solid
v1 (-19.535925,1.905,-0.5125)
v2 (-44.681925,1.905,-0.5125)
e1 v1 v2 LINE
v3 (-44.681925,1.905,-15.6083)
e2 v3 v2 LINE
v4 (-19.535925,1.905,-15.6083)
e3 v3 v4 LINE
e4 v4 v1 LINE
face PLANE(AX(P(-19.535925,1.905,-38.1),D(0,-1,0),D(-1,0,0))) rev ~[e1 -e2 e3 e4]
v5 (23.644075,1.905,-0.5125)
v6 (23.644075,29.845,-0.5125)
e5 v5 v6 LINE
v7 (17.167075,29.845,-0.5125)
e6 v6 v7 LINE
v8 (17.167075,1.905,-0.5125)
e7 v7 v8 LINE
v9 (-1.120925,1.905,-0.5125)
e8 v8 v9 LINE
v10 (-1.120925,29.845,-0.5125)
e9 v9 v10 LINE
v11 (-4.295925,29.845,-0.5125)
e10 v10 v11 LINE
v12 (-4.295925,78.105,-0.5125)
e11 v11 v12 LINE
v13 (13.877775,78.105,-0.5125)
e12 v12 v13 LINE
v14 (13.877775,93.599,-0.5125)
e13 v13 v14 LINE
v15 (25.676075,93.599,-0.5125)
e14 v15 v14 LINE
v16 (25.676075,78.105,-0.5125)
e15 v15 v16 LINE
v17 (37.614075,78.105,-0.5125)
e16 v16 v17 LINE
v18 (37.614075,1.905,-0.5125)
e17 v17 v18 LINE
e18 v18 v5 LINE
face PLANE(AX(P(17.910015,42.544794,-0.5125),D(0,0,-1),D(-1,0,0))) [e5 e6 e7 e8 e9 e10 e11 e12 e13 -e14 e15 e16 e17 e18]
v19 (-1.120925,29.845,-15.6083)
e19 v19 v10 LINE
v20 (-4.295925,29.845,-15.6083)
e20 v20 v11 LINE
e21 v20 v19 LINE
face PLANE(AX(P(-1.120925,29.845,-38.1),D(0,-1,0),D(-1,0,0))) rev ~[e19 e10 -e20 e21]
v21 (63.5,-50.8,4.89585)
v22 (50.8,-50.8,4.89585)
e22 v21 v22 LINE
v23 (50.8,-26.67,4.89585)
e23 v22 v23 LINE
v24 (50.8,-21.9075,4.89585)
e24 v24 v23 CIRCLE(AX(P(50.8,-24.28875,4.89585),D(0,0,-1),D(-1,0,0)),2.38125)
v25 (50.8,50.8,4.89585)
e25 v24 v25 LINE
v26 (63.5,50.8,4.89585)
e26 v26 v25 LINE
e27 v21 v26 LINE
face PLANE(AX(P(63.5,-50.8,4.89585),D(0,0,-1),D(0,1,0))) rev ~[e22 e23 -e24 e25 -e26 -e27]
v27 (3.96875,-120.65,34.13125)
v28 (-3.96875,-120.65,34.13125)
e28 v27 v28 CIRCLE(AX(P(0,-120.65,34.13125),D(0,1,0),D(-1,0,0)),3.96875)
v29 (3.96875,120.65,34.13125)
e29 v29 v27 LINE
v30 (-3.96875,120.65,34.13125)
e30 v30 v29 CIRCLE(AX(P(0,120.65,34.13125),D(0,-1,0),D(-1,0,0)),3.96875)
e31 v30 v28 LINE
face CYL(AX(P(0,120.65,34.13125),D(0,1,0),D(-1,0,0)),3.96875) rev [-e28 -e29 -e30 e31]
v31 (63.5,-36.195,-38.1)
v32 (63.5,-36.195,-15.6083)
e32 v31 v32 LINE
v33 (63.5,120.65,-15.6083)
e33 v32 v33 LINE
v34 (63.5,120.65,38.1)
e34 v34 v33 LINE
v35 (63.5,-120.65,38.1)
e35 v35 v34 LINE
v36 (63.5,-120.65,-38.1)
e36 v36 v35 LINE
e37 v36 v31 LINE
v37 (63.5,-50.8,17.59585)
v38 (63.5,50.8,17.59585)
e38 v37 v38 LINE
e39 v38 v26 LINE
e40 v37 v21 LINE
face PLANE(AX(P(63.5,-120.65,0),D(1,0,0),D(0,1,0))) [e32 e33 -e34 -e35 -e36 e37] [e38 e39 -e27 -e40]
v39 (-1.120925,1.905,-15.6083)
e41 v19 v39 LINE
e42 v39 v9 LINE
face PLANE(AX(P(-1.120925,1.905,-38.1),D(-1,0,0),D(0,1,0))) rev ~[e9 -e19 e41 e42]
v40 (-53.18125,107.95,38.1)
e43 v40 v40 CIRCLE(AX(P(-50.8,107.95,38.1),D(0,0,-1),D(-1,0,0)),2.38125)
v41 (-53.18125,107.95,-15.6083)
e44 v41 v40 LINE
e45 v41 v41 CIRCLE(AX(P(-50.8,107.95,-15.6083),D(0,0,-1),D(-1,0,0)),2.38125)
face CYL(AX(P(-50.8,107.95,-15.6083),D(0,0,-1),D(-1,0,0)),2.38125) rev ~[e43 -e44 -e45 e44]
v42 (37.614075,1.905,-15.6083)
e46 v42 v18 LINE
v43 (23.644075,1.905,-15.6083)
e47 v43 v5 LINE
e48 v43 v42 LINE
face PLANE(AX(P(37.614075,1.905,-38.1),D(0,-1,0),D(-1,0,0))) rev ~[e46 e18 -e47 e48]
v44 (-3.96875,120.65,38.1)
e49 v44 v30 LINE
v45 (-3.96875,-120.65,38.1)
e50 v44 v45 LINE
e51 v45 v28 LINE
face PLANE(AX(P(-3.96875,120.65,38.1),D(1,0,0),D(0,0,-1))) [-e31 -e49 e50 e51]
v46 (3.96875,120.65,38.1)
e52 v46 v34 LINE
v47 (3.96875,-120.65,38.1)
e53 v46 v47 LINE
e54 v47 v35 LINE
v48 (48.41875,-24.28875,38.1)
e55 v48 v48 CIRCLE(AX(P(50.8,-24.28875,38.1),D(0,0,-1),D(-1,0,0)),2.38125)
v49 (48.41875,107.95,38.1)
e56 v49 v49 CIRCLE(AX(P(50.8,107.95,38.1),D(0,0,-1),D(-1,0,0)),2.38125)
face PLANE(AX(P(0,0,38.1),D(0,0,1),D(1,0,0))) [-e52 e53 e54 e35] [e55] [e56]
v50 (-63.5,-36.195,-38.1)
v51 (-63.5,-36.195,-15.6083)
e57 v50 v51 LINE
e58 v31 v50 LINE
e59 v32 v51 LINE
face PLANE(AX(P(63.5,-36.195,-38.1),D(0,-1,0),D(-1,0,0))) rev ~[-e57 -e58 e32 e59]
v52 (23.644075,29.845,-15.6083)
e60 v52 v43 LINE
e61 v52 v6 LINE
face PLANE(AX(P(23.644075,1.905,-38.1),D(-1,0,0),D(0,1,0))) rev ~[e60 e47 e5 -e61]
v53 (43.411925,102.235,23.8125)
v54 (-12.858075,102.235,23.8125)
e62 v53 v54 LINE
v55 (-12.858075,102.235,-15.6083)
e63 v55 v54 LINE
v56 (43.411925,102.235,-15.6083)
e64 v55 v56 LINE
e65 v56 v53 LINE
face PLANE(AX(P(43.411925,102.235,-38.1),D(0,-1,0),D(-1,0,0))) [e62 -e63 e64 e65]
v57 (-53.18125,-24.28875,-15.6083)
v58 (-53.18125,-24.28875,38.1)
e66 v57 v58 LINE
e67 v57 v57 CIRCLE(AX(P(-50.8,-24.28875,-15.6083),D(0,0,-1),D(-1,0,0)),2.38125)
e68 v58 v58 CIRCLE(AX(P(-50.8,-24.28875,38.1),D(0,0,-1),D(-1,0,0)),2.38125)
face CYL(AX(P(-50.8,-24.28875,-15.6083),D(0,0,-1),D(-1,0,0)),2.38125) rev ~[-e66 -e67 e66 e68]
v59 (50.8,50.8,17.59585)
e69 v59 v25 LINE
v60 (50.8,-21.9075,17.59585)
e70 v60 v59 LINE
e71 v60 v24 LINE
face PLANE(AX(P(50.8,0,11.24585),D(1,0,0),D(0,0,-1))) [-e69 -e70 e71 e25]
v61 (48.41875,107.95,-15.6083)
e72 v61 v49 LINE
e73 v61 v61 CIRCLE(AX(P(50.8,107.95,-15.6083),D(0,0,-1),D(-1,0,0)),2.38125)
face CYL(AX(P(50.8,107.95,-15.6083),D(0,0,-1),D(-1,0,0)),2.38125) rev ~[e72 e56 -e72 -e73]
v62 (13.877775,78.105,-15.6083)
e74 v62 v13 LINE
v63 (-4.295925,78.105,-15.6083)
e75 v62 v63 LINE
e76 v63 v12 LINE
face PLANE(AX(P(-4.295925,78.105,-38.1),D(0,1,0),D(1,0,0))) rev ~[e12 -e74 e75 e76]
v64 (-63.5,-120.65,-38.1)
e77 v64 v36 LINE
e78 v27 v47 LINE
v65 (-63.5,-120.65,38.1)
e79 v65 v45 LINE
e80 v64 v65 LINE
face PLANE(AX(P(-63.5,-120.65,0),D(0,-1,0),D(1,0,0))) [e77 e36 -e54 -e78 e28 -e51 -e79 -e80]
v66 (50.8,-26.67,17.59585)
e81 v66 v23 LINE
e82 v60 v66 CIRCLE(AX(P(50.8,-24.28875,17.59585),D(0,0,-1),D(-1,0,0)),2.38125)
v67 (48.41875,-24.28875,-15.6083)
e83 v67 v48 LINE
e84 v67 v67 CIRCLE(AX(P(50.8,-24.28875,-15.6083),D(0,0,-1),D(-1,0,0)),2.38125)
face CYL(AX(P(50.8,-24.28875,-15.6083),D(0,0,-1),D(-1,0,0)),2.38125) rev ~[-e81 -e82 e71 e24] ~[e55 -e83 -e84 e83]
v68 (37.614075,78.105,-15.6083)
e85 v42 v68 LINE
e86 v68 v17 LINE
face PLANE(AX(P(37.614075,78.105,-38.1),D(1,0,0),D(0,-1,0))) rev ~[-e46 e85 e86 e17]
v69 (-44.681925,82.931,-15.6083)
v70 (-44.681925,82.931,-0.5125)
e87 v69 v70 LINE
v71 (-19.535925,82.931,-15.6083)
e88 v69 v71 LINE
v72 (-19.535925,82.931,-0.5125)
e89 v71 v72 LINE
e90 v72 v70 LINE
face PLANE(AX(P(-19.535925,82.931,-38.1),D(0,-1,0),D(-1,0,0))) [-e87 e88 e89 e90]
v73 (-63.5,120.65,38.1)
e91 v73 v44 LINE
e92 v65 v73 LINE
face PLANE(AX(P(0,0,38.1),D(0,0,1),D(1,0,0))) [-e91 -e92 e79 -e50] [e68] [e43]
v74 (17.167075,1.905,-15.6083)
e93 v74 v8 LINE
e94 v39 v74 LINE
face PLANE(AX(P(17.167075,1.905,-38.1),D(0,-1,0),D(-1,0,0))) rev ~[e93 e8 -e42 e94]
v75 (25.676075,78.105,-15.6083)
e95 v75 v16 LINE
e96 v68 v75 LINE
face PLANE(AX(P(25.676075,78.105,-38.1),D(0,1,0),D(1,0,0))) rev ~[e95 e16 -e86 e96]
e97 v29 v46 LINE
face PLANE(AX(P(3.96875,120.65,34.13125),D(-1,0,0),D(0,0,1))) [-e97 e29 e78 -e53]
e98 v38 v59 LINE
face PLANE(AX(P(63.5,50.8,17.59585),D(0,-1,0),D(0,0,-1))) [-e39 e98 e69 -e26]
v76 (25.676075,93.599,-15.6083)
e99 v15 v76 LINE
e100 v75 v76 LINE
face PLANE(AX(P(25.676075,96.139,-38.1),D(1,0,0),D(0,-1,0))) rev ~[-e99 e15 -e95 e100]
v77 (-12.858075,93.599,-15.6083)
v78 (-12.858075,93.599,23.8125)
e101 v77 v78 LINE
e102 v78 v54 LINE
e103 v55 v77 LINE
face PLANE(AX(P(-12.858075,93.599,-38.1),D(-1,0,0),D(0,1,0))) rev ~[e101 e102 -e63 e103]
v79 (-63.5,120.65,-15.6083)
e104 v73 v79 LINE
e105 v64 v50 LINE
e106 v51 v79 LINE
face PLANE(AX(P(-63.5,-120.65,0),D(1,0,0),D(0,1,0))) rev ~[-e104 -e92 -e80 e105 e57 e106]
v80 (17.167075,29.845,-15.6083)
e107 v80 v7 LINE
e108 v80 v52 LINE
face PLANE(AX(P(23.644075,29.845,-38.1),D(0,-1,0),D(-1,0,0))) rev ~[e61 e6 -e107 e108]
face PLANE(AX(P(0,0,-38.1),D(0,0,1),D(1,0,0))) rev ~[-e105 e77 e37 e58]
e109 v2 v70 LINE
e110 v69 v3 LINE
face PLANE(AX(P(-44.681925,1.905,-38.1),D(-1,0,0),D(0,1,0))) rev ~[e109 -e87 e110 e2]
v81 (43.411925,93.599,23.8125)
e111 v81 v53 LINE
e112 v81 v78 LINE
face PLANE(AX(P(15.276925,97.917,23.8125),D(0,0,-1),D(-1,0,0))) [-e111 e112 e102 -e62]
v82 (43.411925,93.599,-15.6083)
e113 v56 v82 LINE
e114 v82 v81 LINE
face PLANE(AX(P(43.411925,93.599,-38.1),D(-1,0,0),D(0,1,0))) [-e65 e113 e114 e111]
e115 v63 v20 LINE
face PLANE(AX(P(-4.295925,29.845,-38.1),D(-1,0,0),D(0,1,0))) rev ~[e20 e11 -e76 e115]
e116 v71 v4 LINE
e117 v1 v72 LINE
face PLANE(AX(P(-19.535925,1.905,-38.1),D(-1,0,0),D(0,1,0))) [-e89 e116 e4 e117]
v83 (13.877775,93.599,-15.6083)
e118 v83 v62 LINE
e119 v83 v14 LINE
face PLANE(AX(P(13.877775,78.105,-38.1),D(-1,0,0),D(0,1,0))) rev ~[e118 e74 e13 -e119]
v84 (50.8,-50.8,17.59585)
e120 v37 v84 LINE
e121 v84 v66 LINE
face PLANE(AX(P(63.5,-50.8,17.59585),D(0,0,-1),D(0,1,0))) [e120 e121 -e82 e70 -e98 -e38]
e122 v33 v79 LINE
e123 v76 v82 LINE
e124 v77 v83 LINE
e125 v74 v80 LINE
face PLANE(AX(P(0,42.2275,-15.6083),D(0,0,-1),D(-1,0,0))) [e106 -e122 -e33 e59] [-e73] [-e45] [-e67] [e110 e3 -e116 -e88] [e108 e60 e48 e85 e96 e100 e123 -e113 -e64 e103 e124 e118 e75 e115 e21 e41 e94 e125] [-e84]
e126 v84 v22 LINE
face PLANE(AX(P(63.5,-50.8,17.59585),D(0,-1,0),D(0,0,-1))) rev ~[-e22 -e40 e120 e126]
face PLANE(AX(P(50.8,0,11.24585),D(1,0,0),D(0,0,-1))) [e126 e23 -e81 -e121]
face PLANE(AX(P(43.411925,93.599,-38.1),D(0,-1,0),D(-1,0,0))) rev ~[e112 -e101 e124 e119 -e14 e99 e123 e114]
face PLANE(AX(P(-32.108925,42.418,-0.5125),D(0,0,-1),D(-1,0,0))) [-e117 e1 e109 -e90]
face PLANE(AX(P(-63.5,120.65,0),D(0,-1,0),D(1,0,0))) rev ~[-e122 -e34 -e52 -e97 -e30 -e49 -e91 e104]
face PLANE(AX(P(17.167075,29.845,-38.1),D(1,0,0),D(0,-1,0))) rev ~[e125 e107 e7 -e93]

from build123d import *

# Parameters (mm, degrees)
SKETCH1_W           = 127
SKETCH1_H           = 241.3
BOSS_EXTRUDE1_DEPTH = 38.1
CUT_EXTRUDE1_REACH  = 254.408
SKETCH3_W           = 25.146
SKETCH3_H           = 81.026
CUT_EXTRUDE2_DEPTH  = 37.5875
SKETCH4_W           = 56.27
SKETCH4_H           = 8.636
CUT_EXTRUDE3_DEPTH  = 61.9125
SKETCH5_W           = 127
SKETCH5_H           = 156.845
CUT_EXTRUDE4_DEPTH  = 22.4917
CUT_EXTRUDE5_REACH  = 148.538
SKETCH6_R           = 2.38125
SKETCH7_W           = 12.7
SKETCH7_H           = 101.6
CUT_EXTRUDE6_DEPTH  = 12.7


with BuildPart() as part:
    # Sketch1 → Boss-Extrude1 (new, symmetric)
    with BuildSketch(Plane.XY):
        Rectangle(SKETCH1_W, SKETCH1_H)
    extrude(amount=BOSS_EXTRUDE1_DEPTH, both=True)

    # Sketch2 → Cut-Extrude1 (cut, up to next)
    with BuildSketch(Plane(origin=(0, 120.65, 0), x_dir=(1, 0, 0), z_dir=(0, 1, 0)), mode=Mode.PRIVATE) as cut_extrude1_sk1:
        with BuildLine():
            Line((-3.96875, -38.1), (-3.96875, -34.13125))
            ThreePointArc((-3.96875, -34.13125), (0, -30.1625), (3.96875, -34.13125))
            Line((3.96875, -34.13125), (3.96875, -38.1))
            Line((3.96875, -38.1), (-3.96875, -38.1))
        make_face()
    cut_extrude1_tool1 = extrude(cut_extrude1_sk1.sketch, amount=-CUT_EXTRUDE1_REACH, mode=Mode.PRIVATE) & part.part
    add(cut_extrude1_tool1.solids().sort_by_distance((0, 120.65, 34.501732))[0], mode=Mode.SUBTRACT)

    # Sketch3 → Cut-Extrude2 (cut)
    with BuildSketch(Plane(origin=(0, 0, -38.1), x_dir=(-1, 0, 0), z_dir=(0, 0, -1))):
        Polygon((-37.614075, 78.105), (-37.614075, 57.8612), (-37.614075, 39.878), (-37.614075, 31.75), (-37.614075, 1.905), (-23.644075, 1.905), (-23.644075, 29.845), (-17.167075, 29.845), (-17.167075, 1.905), (1.120925, 1.905), (1.120925, 29.845), (4.295925, 29.845), (4.295925, 78.105), (-13.877775, 78.105), (-13.877775, 96.139), (-25.676075, 96.139), (-25.676075, 78.105), align=None)
        with Locations((32.108925, 42.418)):
            Rectangle(SKETCH3_W, SKETCH3_H)
    extrude(amount=-CUT_EXTRUDE2_DEPTH, mode=Mode.SUBTRACT)

    # Sketch4 → Cut-Extrude3 (cut)
    with BuildSketch(Plane(origin=(0, 0, -38.1), x_dir=(-1, 0, 0), z_dir=(0, 0, -1))):
        with Locations((-15.276925, 97.917)):
            Rectangle(SKETCH4_W, SKETCH4_H)
    extrude(amount=-CUT_EXTRUDE3_DEPTH, mode=Mode.SUBTRACT)

    # Sketch5 → Cut-Extrude4 (cut)
    with BuildSketch(Plane(origin=(0, 0, -38.1), x_dir=(-1, 0, 0), z_dir=(0, 0, -1))):
        with Locations((0, 42.2275)):
            Rectangle(SKETCH5_W, SKETCH5_H)
    extrude(amount=-CUT_EXTRUDE4_DEPTH, mode=Mode.SUBTRACT)

    # Sketch6 → Cut-Extrude5 (cut, up to next)
    with BuildSketch(Plane(origin=(0, 0, -15.6083), x_dir=(-1, 0, 0), z_dir=(0, 0, -1)), mode=Mode.PRIVATE) as cut_extrude5_sk1:
        with Locations((-50.8, -24.28875)):
            Circle(SKETCH6_R)
    cut_extrude5_tool1 = extrude(cut_extrude5_sk1.sketch, amount=-CUT_EXTRUDE5_REACH, mode=Mode.PRIVATE) & part.part
    # Sketch6 → Cut-Extrude5 (cut, up to next)
    with BuildSketch(Plane(origin=(0, 0, -15.6083), x_dir=(-1, 0, 0), z_dir=(0, 0, -1)), mode=Mode.PRIVATE) as cut_extrude5_sk2:
        with Locations((50.8, 107.95)):
            Circle(SKETCH6_R)
    cut_extrude5_tool2 = extrude(cut_extrude5_sk2.sketch, amount=-CUT_EXTRUDE5_REACH, mode=Mode.PRIVATE) & part.part
    # Sketch6 → Cut-Extrude5 (cut, up to next)
    with BuildSketch(Plane(origin=(0, 0, -15.6083), x_dir=(-1, 0, 0), z_dir=(0, 0, -1)), mode=Mode.PRIVATE) as cut_extrude5_sk3:
        with Locations((50.8, -24.28875)):
            Circle(SKETCH6_R)
    cut_extrude5_tool3 = extrude(cut_extrude5_sk3.sketch, amount=-CUT_EXTRUDE5_REACH, mode=Mode.PRIVATE) & part.part
    # Sketch6 → Cut-Extrude5 (cut, up to next)
    with BuildSketch(Plane(origin=(0, 0, -15.6083), x_dir=(-1, 0, 0), z_dir=(0, 0, -1)), mode=Mode.PRIVATE) as cut_extrude5_sk4:
        with Locations((-50.8, 107.95)):
            Circle(SKETCH6_R)
    cut_extrude5_tool4 = extrude(cut_extrude5_sk4.sketch, amount=-CUT_EXTRUDE5_REACH, mode=Mode.PRIVATE) & part.part
    add(cut_extrude5_tool1.solids().sort_by_distance((50.8, -24.28875, -15.6083))[0], mode=Mode.SUBTRACT)
    add(cut_extrude5_tool2.solids().sort_by_distance((-50.8, 107.95, -15.6083))[0], mode=Mode.SUBTRACT)
    add(cut_extrude5_tool3.solids().sort_by_distance((-50.8, -24.28875, -15.6083))[0], mode=Mode.SUBTRACT)
    add(cut_extrude5_tool4.solids().sort_by_distance((50.8, 107.95, -15.6083))[0], mode=Mode.SUBTRACT)

    # Sketch7 → Cut-Extrude6 (cut)
    with BuildSketch(Plane(origin=(63.5, 0, 0), x_dir=(0, 0, -1), z_dir=(1, 0, 0))):
        with Locations((-11.24585, 0)):
            Rectangle(SKETCH7_W, SKETCH7_H)
    extrude(amount=-CUT_EXTRUDE6_DEPTH, mode=Mode.SUBTRACT)


solid = part.part
